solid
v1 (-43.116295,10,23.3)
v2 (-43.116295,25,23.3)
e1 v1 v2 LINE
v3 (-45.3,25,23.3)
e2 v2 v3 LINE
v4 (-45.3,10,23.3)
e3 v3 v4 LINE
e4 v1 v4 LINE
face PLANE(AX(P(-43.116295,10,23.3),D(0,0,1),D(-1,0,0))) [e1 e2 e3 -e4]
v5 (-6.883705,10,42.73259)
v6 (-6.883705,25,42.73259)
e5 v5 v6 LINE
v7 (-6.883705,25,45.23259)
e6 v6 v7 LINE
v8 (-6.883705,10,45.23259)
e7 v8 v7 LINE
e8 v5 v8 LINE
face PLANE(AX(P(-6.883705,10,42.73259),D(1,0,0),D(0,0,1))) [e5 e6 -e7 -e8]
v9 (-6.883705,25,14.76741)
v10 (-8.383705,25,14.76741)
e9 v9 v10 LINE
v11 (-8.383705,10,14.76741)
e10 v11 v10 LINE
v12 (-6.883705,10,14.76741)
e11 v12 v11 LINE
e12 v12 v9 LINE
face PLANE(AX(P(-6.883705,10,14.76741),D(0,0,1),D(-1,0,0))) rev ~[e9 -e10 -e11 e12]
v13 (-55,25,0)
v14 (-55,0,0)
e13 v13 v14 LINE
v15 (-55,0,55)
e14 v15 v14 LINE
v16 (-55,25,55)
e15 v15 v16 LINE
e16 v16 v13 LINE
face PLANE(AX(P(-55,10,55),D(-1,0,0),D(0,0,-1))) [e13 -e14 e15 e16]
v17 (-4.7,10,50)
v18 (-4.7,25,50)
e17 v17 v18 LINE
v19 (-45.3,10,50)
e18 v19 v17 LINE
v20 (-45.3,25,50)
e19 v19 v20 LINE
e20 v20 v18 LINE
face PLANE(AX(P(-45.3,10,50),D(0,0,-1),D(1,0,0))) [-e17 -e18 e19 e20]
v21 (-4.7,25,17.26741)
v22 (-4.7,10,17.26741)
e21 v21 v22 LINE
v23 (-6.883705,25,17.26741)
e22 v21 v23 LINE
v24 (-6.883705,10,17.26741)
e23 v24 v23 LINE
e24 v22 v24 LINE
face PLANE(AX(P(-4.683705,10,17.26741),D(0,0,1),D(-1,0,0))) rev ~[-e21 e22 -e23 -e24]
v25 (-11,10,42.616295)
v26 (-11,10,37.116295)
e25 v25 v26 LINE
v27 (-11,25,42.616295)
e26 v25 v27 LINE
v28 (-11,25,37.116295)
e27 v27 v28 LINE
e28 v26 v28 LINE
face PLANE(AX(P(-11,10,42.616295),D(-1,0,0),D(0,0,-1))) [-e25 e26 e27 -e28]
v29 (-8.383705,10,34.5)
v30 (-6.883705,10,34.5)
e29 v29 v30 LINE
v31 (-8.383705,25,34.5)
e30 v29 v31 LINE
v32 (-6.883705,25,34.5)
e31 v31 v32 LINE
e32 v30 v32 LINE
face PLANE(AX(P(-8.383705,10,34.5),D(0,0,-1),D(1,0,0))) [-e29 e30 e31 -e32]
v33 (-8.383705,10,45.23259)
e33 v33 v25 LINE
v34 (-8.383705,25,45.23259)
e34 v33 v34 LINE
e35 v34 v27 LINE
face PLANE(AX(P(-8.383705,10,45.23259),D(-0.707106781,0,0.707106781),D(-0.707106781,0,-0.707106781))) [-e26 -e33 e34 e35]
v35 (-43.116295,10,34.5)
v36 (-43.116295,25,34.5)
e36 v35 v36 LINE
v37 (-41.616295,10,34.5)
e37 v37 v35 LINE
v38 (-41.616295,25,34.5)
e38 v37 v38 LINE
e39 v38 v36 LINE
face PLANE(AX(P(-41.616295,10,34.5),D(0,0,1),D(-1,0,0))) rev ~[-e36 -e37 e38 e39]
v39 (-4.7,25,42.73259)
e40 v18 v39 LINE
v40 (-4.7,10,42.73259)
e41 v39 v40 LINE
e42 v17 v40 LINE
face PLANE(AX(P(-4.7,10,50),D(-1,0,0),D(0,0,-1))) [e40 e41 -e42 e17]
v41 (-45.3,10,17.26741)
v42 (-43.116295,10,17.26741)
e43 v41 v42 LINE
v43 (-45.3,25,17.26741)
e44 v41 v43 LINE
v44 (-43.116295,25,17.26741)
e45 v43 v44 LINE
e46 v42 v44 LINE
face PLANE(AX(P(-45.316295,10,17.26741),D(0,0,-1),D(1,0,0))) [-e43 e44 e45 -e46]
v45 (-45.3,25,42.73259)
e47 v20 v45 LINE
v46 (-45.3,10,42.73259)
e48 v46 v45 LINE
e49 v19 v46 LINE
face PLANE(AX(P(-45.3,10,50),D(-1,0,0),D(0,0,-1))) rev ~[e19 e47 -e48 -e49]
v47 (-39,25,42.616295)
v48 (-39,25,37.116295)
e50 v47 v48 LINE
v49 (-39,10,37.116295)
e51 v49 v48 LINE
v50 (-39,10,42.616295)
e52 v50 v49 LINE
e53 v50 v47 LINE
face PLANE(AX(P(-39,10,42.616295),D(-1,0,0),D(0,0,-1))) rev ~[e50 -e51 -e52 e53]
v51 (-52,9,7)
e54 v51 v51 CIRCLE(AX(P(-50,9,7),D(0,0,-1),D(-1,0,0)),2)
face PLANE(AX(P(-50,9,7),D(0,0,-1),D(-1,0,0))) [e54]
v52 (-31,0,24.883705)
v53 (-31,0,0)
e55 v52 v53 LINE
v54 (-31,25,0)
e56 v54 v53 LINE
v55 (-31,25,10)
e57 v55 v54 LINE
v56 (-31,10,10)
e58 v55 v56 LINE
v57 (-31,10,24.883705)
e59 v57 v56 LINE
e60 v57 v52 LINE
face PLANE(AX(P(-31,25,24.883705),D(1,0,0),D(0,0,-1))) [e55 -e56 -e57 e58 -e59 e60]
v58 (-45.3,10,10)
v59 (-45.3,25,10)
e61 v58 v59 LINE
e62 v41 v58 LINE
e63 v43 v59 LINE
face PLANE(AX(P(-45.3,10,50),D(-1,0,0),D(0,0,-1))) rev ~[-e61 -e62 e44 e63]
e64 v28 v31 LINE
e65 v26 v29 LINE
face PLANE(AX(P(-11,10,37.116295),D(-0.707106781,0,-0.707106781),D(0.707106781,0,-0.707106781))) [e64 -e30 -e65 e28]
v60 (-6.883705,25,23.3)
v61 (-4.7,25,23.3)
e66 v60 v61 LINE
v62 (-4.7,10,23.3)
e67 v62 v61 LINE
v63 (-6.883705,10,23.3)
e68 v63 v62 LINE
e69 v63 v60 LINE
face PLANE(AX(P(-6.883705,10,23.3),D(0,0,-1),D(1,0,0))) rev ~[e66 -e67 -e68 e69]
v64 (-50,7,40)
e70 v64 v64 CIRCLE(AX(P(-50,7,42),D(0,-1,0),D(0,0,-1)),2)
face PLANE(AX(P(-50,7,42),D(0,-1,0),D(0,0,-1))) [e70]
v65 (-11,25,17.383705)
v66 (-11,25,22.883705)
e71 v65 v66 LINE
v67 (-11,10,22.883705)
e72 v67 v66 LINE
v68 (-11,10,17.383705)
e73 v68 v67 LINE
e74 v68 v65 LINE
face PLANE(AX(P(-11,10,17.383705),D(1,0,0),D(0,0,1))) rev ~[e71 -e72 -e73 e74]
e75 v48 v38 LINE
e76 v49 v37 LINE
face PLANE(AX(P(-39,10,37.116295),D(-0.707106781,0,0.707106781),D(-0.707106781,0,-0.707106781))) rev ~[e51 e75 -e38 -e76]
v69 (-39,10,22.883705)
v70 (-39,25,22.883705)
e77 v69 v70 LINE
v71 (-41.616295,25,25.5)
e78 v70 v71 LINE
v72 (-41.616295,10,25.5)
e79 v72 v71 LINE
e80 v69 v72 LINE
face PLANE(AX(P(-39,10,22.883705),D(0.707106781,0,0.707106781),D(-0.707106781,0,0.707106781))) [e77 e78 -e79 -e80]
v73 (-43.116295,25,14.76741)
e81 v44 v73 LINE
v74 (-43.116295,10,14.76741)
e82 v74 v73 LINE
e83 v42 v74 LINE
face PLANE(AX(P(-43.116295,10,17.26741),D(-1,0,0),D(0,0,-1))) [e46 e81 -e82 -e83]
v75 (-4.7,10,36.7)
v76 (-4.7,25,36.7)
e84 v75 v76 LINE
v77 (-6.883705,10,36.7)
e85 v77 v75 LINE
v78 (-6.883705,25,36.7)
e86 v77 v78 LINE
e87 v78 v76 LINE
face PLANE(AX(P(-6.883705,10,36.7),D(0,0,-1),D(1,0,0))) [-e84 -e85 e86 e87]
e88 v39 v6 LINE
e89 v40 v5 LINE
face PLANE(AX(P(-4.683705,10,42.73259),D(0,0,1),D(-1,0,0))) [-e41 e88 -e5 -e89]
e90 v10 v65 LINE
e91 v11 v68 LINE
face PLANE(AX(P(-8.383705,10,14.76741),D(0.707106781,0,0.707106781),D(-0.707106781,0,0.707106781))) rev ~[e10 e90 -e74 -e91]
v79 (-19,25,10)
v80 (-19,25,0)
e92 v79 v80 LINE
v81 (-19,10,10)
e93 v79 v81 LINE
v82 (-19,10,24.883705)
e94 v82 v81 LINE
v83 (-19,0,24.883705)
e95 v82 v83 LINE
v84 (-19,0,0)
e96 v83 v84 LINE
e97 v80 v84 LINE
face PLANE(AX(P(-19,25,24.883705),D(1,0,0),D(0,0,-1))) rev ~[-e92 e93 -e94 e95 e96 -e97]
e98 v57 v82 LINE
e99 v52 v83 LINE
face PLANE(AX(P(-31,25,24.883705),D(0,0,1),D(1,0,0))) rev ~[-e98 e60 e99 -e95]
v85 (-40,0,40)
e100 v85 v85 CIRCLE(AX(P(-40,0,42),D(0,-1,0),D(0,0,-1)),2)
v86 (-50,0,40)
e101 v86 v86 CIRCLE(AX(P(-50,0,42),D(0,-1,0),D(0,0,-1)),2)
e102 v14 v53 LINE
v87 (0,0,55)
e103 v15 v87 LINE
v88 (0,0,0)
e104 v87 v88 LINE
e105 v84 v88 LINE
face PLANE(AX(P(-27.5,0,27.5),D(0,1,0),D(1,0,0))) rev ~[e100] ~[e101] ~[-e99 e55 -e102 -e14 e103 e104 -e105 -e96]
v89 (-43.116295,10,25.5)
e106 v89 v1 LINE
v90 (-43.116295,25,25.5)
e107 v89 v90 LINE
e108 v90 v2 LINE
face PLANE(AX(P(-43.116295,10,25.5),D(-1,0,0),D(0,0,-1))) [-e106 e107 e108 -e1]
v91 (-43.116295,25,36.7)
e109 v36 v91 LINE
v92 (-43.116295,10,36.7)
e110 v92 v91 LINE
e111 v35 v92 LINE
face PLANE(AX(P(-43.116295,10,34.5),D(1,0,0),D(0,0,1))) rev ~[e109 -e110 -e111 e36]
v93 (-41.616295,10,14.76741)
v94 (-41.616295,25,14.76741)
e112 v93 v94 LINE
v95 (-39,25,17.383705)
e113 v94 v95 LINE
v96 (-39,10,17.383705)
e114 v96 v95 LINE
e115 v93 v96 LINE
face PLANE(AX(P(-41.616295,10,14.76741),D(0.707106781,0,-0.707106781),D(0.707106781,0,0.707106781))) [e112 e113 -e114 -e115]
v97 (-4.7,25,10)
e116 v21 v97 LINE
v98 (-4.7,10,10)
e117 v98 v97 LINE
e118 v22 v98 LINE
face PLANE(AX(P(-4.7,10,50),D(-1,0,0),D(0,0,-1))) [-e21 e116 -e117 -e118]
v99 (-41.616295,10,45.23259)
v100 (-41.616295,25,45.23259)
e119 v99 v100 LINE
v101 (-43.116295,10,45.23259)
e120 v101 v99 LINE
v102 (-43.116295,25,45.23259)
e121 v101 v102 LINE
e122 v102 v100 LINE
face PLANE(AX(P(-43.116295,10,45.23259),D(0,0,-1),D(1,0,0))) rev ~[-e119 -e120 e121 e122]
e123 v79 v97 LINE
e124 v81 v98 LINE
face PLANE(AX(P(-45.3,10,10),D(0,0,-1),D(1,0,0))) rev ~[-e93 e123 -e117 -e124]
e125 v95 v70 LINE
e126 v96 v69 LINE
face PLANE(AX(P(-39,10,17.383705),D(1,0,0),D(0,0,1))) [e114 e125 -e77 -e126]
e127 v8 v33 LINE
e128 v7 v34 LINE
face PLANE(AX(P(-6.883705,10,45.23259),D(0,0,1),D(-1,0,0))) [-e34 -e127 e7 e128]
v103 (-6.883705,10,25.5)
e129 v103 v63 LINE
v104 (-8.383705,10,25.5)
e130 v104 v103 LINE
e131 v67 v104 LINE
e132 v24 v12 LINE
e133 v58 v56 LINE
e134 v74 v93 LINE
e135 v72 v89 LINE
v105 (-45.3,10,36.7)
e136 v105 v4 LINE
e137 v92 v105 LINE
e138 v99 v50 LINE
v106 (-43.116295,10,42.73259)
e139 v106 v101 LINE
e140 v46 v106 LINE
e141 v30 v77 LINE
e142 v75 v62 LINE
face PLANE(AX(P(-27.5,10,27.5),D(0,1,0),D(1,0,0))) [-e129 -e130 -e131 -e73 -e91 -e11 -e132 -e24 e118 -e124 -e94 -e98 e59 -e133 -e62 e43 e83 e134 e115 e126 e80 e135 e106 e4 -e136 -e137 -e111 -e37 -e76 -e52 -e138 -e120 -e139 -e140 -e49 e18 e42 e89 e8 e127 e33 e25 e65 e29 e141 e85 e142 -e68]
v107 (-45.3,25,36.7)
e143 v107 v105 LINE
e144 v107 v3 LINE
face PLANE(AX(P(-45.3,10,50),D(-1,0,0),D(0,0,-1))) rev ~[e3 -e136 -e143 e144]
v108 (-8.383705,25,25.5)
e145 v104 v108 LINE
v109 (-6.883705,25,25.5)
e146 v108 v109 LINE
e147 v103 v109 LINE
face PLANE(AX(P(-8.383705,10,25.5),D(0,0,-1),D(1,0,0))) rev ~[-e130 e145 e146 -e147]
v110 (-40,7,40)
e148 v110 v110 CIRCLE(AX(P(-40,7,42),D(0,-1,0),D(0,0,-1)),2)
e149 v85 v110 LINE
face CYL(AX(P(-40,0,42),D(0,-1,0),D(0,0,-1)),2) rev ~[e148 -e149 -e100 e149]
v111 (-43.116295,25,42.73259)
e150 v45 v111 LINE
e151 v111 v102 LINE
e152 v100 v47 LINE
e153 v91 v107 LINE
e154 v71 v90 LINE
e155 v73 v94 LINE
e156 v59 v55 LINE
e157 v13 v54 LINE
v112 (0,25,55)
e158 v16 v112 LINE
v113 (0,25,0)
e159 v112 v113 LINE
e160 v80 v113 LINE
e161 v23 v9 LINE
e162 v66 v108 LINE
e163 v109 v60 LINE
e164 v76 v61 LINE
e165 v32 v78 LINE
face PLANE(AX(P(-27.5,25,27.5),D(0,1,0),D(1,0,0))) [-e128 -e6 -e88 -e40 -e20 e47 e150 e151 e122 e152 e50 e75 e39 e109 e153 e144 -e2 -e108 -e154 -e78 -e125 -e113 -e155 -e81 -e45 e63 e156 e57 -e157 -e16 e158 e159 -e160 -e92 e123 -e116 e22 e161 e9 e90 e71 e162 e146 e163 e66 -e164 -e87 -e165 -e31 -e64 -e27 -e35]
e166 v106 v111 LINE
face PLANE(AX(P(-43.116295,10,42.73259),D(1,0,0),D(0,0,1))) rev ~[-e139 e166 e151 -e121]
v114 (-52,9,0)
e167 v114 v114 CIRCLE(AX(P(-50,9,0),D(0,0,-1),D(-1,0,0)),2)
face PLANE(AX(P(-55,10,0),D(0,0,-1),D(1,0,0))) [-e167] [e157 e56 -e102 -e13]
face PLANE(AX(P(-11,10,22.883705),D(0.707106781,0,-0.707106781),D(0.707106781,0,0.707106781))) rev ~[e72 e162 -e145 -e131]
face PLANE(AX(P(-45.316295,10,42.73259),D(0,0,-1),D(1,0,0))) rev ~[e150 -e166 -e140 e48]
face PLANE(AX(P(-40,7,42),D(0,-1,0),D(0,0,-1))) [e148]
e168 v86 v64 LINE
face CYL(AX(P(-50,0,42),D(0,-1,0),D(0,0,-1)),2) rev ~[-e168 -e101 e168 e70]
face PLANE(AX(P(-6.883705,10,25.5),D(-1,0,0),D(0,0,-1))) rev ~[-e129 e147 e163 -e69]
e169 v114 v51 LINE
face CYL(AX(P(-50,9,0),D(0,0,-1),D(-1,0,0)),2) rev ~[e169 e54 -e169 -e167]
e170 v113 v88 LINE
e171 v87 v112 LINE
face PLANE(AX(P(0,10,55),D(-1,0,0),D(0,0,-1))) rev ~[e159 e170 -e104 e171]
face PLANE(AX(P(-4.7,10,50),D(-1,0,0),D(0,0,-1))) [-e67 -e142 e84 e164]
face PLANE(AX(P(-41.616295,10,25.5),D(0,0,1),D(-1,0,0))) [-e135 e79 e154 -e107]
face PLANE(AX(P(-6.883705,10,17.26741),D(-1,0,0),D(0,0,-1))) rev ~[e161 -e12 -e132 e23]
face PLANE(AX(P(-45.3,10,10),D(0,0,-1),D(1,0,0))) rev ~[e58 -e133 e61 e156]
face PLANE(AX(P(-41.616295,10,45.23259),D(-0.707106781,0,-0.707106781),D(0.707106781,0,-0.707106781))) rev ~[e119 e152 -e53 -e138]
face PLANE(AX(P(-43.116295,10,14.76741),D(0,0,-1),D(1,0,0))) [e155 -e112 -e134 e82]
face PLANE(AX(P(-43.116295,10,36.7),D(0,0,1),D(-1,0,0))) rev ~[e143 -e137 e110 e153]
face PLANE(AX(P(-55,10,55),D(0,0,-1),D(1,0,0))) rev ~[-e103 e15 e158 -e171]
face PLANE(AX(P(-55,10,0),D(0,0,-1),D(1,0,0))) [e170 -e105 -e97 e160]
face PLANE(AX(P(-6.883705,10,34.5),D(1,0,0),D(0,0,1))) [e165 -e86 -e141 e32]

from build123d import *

# Parameters (mm, degrees)
SKETCH1_W           = 55
SKETCH1_H           = 55
BOSS_EXTRUDE1_DEPTH = 10
BOSS_EXTRUDE3_DEPTH = 15
SKETCH3_W           = 55
SKETCH3_H           = 55
SKETCH3_W_2         = 40.6
SKETCH3_H_2         = 40
BOSS_EXTRUDE5_DEPTH = 15
SKETCH7_W           = 12
SKETCH7_H           = 24.88370491
CUT_EXTRUDE3_DEPTH  = 30
SKETCH8_R           = 2
CUT_EXTRUDE4_DEPTH  = 7
SKETCH9_R           = 2
CUT_EXTRUDE5_DEPTH  = 7


with BuildPart() as part:
    # Sketch1 → Boss-Extrude1 (new body)
    with BuildSketch(Plane(origin=(0, 0, 0), x_dir=(1, 0, 0), z_dir=(0, 1, 0))):
        with Locations((-27.5, -27.5)):
            Rectangle(SKETCH1_W, SKETCH1_H)
    extrude(amount=BOSS_EXTRUDE1_DEPTH)

    # Sketch2 → Boss-Extrude3 (add)
    with BuildSketch(Plane(origin=(0, 10, 0), x_dir=(1, 0, 0), z_dir=(0, 1, 0))):
        Polygon((-45.31629509, -17.267409819), (-43.11629509, -17.267409819), (-43.11629509, -14.767409819), (-41.61629509, -14.767409819), (-39, -17.38370491), (-39, -22.88370491), (-41.61629509, -25.5), (-43.11629509, -25.5), (-43.11629509, -23.3), (-45.31629509, -23.3), align=None)
        Polygon((-6.88370491, -23.3), (-4.68370491, -23.3), (-4.68370491, -17.267409819), (-6.88370491, -17.267409819), (-6.88370491, -14.767409819), (-8.38370491, -14.767409819), (-11, -17.38370491), (-11, -22.88370491), (-8.38370491, -25.5), (-6.88370491, -25.5), align=None)
        Polygon((-43.11629509, -36.7), (-45.31629509, -36.7), (-45.31629509, -42.732590181), (-43.11629509, -42.732590181), (-43.11629509, -45.232590181), (-41.61629509, -45.232590181), (-39, -42.61629509), (-39, -37.11629509), (-41.61629509, -34.5), (-43.11629509, -34.5), align=None)
        Polygon((-6.88370491, -34.5), (-6.88370491, -36.7), (-4.68370491, -36.7), (-4.68370491, -42.732590181), (-6.88370491, -42.732590181), (-6.88370491, -45.232590181), (-8.38370491, -45.232590181), (-11, -42.61629509), (-11, -37.11629509), (-8.38370491, -34.5), align=None)
    extrude(amount=BOSS_EXTRUDE3_DEPTH)

    # Sketch3 → Boss-Extrude5 (add)
    with BuildSketch(Plane(origin=(0, 10, 0), x_dir=(1, 0, 0), z_dir=(0, 1, 0))):
        with Locations((-27.5, -27.5)):
            Rectangle(SKETCH3_W, SKETCH3_H)
        with Locations((-25, -30)):
            Rectangle(SKETCH3_W_2, SKETCH3_H_2, mode=Mode.SUBTRACT)
    extrude(amount=BOSS_EXTRUDE5_DEPTH)

    # Sketch7 → Cut-Extrude3 (cut)
    with BuildSketch(Plane(origin=(0, 25, 0), x_dir=(1, 0, 0), z_dir=(0, 1, 0))):
        with Locations((-25, -12.441852455)):
            Rectangle(SKETCH7_W, SKETCH7_H)
    extrude(amount=-CUT_EXTRUDE3_DEPTH, mode=Mode.SUBTRACT)

    # Sketch8 → Cut-Extrude4 (cut)
    with BuildSketch(Plane(origin=(0, 0, 0), x_dir=(-1, 0, 0), z_dir=(0, 0, -1))):
        with Locations((50, 9)):
            Circle(SKETCH8_R)
    extrude(amount=-CUT_EXTRUDE4_DEPTH, mode=Mode.SUBTRACT)

    # Sketch9 → Cut-Extrude5 (cut)
    with BuildSketch(Plane.XZ):
        with Locations(Location((-40, 42, 0), (0, 0, 270))):
            Circle(SKETCH9_R)
        with Locations(Location((-50, 42, 0), (0, 0, 270))):
            Circle(SKETCH9_R)
    extrude(amount=-CUT_EXTRUDE5_DEPTH, mode=Mode.SUBTRACT)


solid = part.part
